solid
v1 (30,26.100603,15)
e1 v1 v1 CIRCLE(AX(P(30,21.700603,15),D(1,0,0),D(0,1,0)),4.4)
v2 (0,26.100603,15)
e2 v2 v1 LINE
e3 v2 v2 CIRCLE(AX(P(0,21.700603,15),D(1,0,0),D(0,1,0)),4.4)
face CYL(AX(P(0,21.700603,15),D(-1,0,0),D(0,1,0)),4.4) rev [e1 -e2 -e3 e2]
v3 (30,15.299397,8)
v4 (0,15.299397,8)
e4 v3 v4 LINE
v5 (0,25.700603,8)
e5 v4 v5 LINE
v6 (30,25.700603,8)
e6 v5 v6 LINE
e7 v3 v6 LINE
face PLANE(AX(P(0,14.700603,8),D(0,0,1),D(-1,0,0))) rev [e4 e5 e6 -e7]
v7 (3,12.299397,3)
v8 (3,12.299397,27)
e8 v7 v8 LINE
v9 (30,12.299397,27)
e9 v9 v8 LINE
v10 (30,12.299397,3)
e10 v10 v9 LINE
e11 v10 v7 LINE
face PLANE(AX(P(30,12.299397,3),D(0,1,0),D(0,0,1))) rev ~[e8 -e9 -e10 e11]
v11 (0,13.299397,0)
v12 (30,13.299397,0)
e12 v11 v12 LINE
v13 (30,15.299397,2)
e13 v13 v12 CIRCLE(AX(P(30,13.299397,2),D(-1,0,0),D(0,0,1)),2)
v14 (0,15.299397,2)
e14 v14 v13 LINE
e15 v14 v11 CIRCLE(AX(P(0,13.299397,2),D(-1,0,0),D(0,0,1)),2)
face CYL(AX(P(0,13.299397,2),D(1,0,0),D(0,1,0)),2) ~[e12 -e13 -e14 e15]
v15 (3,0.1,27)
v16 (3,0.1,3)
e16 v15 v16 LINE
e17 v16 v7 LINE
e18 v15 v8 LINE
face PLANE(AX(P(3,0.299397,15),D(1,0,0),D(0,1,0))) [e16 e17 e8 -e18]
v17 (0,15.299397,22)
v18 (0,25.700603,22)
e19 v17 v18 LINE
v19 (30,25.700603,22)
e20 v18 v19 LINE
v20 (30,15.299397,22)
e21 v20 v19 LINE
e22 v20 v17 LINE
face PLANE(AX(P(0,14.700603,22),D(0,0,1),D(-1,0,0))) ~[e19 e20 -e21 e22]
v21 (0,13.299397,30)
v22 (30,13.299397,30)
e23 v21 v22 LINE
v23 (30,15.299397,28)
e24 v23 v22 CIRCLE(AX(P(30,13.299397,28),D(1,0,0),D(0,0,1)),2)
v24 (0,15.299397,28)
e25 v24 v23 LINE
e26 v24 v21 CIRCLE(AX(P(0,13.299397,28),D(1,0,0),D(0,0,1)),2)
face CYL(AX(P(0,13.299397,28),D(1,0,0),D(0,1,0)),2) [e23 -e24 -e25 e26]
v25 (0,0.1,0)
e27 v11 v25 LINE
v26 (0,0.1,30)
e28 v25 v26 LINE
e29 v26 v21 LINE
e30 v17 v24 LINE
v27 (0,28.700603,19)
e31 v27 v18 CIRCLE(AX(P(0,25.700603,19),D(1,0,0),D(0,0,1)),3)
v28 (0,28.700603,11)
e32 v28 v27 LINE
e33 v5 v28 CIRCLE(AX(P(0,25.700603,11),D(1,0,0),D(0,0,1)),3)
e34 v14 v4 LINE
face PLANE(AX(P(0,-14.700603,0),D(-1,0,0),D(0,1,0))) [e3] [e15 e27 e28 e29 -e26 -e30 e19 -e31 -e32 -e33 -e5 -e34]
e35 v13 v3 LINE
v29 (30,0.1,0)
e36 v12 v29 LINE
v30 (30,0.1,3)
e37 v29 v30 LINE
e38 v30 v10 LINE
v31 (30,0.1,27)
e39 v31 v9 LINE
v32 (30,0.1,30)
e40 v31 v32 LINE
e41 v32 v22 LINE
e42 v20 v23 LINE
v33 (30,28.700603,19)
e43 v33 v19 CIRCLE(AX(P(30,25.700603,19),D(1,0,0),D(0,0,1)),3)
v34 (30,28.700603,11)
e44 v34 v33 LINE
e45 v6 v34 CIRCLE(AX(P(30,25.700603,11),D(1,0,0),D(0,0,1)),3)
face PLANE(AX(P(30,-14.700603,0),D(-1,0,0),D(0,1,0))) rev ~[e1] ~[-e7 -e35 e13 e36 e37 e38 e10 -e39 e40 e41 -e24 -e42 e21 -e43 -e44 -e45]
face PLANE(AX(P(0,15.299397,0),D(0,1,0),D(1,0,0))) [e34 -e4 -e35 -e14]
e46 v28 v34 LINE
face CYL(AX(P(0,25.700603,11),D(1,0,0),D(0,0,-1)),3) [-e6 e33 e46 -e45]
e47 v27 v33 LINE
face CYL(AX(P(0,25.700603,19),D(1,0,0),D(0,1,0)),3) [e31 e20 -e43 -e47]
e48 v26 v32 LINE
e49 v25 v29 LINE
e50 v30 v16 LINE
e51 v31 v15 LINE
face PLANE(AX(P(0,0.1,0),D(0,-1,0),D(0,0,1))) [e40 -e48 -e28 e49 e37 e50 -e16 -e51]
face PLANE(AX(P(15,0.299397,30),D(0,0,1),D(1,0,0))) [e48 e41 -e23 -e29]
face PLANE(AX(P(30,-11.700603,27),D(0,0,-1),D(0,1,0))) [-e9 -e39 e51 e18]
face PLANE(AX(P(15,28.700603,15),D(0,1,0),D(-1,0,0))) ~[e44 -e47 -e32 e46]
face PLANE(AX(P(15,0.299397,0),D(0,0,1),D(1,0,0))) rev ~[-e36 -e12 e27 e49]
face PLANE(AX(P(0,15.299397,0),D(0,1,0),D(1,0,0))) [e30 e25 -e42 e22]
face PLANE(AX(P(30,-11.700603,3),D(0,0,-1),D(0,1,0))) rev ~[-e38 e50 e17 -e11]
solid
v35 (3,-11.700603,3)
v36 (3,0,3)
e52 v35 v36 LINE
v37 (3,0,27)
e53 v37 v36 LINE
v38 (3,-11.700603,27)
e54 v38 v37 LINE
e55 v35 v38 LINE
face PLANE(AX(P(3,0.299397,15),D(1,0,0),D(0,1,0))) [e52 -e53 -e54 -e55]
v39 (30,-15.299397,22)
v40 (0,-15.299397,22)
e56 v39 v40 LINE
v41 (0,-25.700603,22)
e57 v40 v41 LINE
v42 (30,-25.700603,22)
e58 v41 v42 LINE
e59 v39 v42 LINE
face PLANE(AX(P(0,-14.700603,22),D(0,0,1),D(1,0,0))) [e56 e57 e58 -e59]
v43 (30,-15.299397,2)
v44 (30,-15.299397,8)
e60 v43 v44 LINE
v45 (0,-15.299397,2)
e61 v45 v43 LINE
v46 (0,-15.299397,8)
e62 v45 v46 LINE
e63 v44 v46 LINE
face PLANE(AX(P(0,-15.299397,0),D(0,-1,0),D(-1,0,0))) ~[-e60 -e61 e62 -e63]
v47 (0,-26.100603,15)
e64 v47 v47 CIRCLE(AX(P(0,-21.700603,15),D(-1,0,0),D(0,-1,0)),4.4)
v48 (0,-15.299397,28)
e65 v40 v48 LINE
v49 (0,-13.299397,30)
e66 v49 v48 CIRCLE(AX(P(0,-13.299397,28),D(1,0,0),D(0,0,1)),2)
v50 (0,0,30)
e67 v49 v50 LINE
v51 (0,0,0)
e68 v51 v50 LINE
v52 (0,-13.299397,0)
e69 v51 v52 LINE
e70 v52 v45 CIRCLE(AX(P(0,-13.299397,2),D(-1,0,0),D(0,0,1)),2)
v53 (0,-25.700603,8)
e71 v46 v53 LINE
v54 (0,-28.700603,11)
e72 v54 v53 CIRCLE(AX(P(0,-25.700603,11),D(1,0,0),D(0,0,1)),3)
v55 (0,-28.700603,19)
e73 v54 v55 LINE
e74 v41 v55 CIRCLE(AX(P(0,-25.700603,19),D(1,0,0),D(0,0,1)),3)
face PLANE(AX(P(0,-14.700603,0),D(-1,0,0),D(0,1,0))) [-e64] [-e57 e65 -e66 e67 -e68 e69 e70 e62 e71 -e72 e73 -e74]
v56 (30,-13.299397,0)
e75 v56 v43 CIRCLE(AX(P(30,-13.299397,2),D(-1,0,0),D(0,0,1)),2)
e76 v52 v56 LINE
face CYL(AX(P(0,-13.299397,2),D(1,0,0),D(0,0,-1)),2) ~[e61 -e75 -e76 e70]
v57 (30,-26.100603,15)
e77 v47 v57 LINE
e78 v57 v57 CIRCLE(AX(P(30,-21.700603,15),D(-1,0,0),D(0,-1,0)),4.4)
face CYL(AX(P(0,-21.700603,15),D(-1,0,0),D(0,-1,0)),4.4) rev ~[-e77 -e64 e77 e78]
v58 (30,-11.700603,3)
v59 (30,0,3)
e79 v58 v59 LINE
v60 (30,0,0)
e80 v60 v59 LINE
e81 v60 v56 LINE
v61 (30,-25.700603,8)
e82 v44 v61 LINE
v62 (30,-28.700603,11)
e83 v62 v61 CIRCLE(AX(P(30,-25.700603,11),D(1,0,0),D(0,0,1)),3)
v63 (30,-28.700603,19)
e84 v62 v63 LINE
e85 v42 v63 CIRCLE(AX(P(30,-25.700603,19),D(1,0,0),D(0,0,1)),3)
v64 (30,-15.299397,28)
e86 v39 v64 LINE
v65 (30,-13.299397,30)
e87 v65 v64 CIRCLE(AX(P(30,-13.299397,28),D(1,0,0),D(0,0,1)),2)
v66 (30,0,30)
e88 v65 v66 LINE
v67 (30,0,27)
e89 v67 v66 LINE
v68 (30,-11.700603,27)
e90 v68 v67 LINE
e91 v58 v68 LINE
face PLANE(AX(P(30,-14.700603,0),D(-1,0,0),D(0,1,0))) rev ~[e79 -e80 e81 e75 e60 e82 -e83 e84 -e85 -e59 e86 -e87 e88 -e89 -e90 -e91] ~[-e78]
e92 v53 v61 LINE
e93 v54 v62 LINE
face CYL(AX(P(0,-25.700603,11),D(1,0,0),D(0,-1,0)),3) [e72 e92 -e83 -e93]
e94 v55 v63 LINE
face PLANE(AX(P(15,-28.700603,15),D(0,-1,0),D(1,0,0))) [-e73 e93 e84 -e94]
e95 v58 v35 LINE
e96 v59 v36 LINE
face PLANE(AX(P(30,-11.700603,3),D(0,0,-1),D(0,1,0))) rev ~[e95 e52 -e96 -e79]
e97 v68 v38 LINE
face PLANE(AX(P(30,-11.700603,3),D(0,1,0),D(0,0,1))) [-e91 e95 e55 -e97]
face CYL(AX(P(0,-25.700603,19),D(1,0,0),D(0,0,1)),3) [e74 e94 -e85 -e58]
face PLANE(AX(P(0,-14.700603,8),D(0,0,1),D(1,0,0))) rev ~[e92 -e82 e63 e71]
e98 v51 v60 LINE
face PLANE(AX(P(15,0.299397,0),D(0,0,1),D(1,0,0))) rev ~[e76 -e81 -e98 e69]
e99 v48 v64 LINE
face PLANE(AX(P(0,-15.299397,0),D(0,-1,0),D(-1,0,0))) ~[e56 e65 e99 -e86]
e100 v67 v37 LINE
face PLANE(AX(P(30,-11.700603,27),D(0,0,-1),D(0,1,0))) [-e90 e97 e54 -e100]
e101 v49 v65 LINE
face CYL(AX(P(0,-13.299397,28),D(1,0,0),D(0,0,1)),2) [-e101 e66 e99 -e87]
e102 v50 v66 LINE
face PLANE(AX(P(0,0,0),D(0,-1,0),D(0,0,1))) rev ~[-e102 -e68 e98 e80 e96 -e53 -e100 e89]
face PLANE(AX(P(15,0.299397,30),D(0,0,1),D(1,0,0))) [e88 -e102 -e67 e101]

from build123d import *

# Parameters (mm, degrees)
F0_W      = 30
F0_H      = 30
F1_DEPTH  = 30
F2_W      = 30
F2_H      = 14
F3_DEPTH  = 14
F4_R      = 4.4
F5_DEPTH  = 30
F7_R      = 3
F8_R      = 3
F9_W      = 24
F9_H      = 24
F10_DEPTH = 27
F11_R     = 2
F12_W     = 0.1
F12_H     = 30
F13_DEPTH = 30


with BuildPart() as f1:
    # F0 (on Top) → F1 (new body)
    with BuildSketch(Plane.XY):
        with Locations((15, 0.29939726)):
            Rectangle(F0_W, F0_H)
    extrude(amount=F1_DEPTH)

    # F2 (on face) → F3 (join)
    with BuildSketch(Plane.XZ.offset(14.70060274)):
        with Locations((15, 15)):
            Rectangle(F2_W, F2_H)
    extrude(amount=F3_DEPTH)

    # F4 (on face) → F5 (cut)
    with BuildSketch(Plane(origin=(0, 0, 0), x_dir=(0, -1, 0), z_dir=(-1, 0, 0))):
        with Locations((21.70060274, 15)):
            Circle(F4_R)
    extrude(amount=-F5_DEPTH, mode=Mode.SUBTRACT)

    # F6: F1 across plane


with BuildPart() as f1_1:
    add(f1.part)
    add(f1.part.mirror(Plane.XZ))

    # F7
    f7_edges = [f1_1.edges().sort_by_distance(p)[0] for p in [
        (15, -28.700603, 8),
        (15, -28.700603, 22),
    ]]
    fillet(f7_edges, radius=F7_R)

    # F8
    f8_edges = [f1_1.edges().sort_by_distance(p)[0] for p in [
        (15, 28.700603, 8),
        (15, 28.700603, 22),
    ]]
    fillet(f8_edges, radius=F8_R)

    # F9 (on face) → F10 (cut)
    with BuildSketch(Plane.YZ.offset(30)):
        with Locations((0.29939726, 15)):
            Rectangle(F9_W, F9_H)
    extrude(amount=-F10_DEPTH, mode=Mode.SUBTRACT)

    # F11
    f11_edges = [f1_1.edges().sort_by_distance(p)[0] for p in [
        (15, -15.299397, 0),
        (15, -15.299397, 30),
        (15, 15.299397, 30),
        (15, 15.299397, 0),
    ]]
    fillet(f11_edges, radius=F11_R)

    # F12 (on face) → F13 (cut)
    with BuildSketch(Plane(origin=(0, 0, 0), x_dir=(0, -1, 0), z_dir=(-1, 0, 0))):
        with Locations((-0.05, 15)):
            Rectangle(F12_W, F12_H)
    extrude(amount=-F13_DEPTH, mode=Mode.SUBTRACT)


solid = f1_1.part
